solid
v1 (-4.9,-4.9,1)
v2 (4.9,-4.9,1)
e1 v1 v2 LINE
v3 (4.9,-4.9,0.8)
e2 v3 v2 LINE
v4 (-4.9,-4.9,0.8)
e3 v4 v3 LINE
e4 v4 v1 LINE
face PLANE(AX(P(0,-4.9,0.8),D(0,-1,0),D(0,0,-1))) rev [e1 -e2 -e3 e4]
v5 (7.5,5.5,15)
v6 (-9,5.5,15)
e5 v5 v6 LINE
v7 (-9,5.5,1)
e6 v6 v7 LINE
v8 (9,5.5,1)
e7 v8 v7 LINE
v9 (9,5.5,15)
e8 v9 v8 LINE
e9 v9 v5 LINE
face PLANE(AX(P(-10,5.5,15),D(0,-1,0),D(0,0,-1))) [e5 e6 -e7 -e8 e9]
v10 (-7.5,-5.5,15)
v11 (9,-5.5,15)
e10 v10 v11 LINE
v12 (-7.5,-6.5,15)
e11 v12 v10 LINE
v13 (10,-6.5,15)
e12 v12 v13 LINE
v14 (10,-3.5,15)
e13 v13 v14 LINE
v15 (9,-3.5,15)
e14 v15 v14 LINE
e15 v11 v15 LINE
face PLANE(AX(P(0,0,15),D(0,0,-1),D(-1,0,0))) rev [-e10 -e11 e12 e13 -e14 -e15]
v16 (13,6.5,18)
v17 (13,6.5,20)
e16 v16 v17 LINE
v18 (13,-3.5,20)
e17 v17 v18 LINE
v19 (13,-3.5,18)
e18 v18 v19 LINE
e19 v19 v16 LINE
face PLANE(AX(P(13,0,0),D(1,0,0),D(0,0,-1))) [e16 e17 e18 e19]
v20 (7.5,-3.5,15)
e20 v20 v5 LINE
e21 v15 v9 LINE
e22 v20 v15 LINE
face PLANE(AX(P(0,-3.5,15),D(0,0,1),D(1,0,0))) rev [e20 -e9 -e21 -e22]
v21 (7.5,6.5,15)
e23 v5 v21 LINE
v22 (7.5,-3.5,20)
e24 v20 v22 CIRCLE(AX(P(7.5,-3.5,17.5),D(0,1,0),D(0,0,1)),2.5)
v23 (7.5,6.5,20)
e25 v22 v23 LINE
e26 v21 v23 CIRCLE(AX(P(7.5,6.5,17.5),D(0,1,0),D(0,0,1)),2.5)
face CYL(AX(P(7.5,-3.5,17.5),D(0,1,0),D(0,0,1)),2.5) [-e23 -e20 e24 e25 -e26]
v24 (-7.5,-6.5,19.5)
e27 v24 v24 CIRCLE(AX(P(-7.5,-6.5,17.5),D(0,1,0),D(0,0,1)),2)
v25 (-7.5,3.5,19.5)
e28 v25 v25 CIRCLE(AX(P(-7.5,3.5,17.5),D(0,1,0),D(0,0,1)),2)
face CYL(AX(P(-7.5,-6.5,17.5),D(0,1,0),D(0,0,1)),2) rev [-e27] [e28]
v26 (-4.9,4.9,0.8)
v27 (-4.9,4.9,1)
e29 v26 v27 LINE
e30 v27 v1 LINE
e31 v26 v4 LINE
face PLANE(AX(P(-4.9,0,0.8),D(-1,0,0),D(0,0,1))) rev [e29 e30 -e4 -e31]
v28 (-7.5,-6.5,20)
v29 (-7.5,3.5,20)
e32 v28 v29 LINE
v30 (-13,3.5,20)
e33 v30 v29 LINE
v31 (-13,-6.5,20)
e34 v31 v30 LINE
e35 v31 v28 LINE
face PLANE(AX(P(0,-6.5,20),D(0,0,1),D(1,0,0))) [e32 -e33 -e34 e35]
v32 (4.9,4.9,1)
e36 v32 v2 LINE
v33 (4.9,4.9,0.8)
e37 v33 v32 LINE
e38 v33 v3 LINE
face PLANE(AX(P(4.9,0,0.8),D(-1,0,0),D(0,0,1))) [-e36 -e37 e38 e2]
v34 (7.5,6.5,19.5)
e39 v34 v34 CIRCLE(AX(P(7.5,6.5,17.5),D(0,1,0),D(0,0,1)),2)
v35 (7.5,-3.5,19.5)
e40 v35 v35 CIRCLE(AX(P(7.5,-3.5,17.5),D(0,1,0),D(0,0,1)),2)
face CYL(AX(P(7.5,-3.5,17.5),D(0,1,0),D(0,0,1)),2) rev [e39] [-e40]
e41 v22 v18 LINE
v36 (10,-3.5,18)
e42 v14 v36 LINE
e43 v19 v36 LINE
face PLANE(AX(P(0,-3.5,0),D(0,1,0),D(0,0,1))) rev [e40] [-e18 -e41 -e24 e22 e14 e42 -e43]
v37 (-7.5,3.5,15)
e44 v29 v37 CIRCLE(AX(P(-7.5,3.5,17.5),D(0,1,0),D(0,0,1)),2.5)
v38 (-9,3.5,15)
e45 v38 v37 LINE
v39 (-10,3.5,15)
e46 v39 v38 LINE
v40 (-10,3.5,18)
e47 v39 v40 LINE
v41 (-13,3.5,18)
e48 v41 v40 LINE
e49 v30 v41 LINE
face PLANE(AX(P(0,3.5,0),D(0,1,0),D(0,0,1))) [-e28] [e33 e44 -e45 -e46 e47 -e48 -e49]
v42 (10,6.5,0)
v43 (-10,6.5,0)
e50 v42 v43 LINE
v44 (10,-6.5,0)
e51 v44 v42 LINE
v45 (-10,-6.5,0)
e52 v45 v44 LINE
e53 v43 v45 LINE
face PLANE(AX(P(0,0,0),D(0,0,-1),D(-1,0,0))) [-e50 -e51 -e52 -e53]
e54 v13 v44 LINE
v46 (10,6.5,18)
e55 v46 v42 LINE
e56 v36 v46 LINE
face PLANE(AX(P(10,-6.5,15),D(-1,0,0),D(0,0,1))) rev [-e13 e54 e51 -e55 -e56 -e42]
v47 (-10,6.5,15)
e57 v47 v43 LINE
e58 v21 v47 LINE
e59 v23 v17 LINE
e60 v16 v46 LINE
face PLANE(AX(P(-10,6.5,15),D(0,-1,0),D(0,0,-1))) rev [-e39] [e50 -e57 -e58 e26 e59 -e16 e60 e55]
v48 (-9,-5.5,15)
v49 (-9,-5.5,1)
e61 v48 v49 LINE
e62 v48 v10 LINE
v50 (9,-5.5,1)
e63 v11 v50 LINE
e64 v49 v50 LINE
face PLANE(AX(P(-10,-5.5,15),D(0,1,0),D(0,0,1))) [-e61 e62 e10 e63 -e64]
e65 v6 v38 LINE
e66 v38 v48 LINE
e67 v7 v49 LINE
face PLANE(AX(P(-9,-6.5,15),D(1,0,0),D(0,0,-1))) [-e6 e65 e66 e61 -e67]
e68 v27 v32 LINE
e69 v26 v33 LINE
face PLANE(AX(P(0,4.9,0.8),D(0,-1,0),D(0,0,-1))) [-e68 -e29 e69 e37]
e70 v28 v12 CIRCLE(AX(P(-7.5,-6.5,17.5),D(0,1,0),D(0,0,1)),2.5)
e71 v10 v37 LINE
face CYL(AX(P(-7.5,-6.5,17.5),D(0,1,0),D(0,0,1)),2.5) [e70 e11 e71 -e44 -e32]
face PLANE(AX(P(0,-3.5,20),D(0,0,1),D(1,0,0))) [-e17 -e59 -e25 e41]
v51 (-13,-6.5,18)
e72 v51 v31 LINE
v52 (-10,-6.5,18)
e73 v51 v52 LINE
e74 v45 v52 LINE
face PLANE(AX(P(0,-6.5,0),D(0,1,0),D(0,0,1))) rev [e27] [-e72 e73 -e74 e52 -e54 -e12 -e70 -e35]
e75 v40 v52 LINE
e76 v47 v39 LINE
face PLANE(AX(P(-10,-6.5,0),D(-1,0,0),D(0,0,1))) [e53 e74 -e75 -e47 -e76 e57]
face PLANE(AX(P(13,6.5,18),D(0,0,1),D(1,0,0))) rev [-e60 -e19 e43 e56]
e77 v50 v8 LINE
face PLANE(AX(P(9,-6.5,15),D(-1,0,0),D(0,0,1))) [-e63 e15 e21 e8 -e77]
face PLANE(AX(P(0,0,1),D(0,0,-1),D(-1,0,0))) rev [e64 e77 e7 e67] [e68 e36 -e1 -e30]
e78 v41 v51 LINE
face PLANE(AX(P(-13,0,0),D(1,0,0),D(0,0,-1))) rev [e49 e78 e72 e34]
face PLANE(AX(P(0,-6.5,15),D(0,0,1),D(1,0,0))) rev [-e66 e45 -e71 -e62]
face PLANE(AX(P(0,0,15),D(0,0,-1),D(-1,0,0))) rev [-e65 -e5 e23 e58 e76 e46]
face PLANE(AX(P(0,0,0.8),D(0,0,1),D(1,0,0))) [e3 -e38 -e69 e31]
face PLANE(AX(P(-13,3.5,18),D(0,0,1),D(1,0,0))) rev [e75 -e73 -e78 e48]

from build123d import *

# Parameters (mm, degrees)
SKETCH_1_W          = 20
SKETCH_1_H          = 13
EXTRUDE_1_DEPTH     = 15
SHELL_1_T           = -1
SKETCH_2_R          = 2.5
SKETCH_2_R_2        = 2
EXTRUDE_4_DEPTH     = 10
SKETCH_3_R          = 4.9
CUT_EXTRUDE_1_DEPTH = 0.2
SKETCH_9_R          = 2.5
SKETCH_9_R_2        = 2
EXTRUDE_8_DEPTH     = 10
SKETCH_6_W          = 2
SKETCH_6_H          = 10
EXTRUDE_10_DEPTH    = 3
SKETCH_10_W         = 2
SKETCH_10_H         = 10
EXTRUDE_11_DEPTH    = 3


with BuildPart() as part:
    # 스케치1 → 보스-돌출1 (new body)
    with BuildSketch(Plane.XY):
        Rectangle(SKETCH_1_W, SKETCH_1_H)
    extrude(amount=EXTRUDE_1_DEPTH)

    # 쉘1
    shell_1_openings = [part.faces().sort_by_distance(p)[0] for p in [
        (0, 0, 15),
    ]]
    offset(amount=SHELL_1_T, openings=shell_1_openings, kind=Kind.INTERSECTION)

    # 스케치3 → 컷-돌출1 (cut)
    with BuildSketch(Plane.XY.offset(1)):
        with BuildLine():
            Line((4.9, 4.9), (2.1e-08, 4.9))
            ThreePointArc((2.1e-08, 4.9), (3.464823235, 3.46482322), (4.9, 0))
            Line((4.9, 0), (4.9, 4.9))
        make_face()
        with BuildLine():
            Line((2.1e-08, 4.9), (-4.9, 4.9))
            Line((-4.9, 4.9), (-4.9, 7e-09))
            ThreePointArc((-4.9, 7e-09), (-3.464823218, 3.464823238), (2.1e-08, 4.9))
        make_face()
        Circle(SKETCH_3_R)
        with BuildLine():
            ThreePointArc((0, -4.9), (-3.46482323, -3.464823225), (-4.9, 7e-09))
            Line((-4.9, 7e-09), (-4.9, -4.9))
            Line((-4.9, -4.9), (0, -4.9))
        make_face()
        with BuildLine():
            Line((4.9, -4.9), (4.9, 0))
            ThreePointArc((4.9, 0), (3.464823228, -3.464823228), (0, -4.9))
            Line((0, -4.9), (4.9, -4.9))
        make_face()
    extrude(amount=-CUT_EXTRUDE_1_DEPTH, mode=Mode.SUBTRACT)

    # 스케치9 → 보스-돌출8 (add)
    # profile 1 of 3: a face of its own
    with BuildSketch(Plane(origin=(0, 6.5, 0), x_dir=(1, 0, 0), z_dir=(0, 1, 0))):
        with BuildLine():
            Line((10, -17.5), (10, -15))
            Line((10, -15), (7.5, -15))
            ThreePointArc((7.5, -15), (9.267766953, -15.732233047), (10, -17.5))
        make_face()
    # profile 2 of 3: a face of its own
    with BuildSketch(Plane(origin=(0, 6.5, 0), x_dir=(1, 0, 0), z_dir=(0, 1, 0))):
        with BuildLine():
            Line((10, -20), (10, -17.5))
            ThreePointArc((10, -17.5), (9.267766953, -19.267766953), (7.5, -20))
            Line((7.5, -20), (10, -20))
        make_face()
    # profile 3 of 3: a face of its own
    with BuildSketch(Plane(origin=(0, 6.5, 0), x_dir=(1, 0, 0), z_dir=(0, 1, 0))):
        with Locations((7.5, -17.5)):
            Circle(SKETCH_9_R)
        with Locations(Location((7.5, -17.5, 0), (0, 0, 270))):
            Circle(SKETCH_9_R_2, mode=Mode.SUBTRACT)
    extrude(amount=-EXTRUDE_8_DEPTH)


with BuildPart() as body_2:
    # 스케치2 → 보스-돌출4 (new body)
    # profile 1 of 3: a face of its own
    with BuildSketch(Plane(origin=(0, 3.5, 0), x_dir=(1, 0, 0), z_dir=(0, 1, 0))):
        with BuildLine():
            ThreePointArc((-7.5, -20), (-9.267766953, -19.267766953), (-10, -17.5))
            Line((-10, -17.5), (-10, -20))
            Line((-10, -20), (-7.5, -20))
        make_face()
    # profile 2 of 3: a face of its own
    with BuildSketch(Plane(origin=(0, 3.5, 0), x_dir=(1, 0, 0), z_dir=(0, 1, 0))):
        with Locations((-7.5, -17.5)):
            Circle(SKETCH_2_R)
        with Locations(Location((-7.5, -17.5, 0), (0, 0, 270))):
            Circle(SKETCH_2_R_2, mode=Mode.SUBTRACT)
    # profile 3 of 3: a face of its own
    with BuildSketch(Plane(origin=(0, 3.5, 0), x_dir=(1, 0, 0), z_dir=(0, 1, 0))):
        with BuildLine():
            Line((-7.5, -15), (-10, -15))
            Line((-10, -15), (-10, -17.5))
            ThreePointArc((-10, -17.5), (-9.267766953, -15.732233047), (-7.5, -15))
        make_face()
    extrude(amount=-EXTRUDE_4_DEPTH)


    add(part.part)  # 보스-돌출10 merges part
    # 스케치6 → 보스-돌출10 (add)
    with BuildSketch(Plane.ZY.offset(10)):
        with Locations((19, -1.5)):
            Rectangle(SKETCH_6_W, SKETCH_6_H)
    extrude(amount=EXTRUDE_10_DEPTH)

    # 스케치10 → 보스-돌출11 (add)
    with BuildSketch(Plane(origin=(10, 0, 0), x_dir=(0, 0, -1), z_dir=(1, 0, 0))):
        with Locations((-19, 1.5)):
            Rectangle(SKETCH_10_W, SKETCH_10_H)
    extrude(amount=EXTRUDE_11_DEPTH)


solid = body_2.part
